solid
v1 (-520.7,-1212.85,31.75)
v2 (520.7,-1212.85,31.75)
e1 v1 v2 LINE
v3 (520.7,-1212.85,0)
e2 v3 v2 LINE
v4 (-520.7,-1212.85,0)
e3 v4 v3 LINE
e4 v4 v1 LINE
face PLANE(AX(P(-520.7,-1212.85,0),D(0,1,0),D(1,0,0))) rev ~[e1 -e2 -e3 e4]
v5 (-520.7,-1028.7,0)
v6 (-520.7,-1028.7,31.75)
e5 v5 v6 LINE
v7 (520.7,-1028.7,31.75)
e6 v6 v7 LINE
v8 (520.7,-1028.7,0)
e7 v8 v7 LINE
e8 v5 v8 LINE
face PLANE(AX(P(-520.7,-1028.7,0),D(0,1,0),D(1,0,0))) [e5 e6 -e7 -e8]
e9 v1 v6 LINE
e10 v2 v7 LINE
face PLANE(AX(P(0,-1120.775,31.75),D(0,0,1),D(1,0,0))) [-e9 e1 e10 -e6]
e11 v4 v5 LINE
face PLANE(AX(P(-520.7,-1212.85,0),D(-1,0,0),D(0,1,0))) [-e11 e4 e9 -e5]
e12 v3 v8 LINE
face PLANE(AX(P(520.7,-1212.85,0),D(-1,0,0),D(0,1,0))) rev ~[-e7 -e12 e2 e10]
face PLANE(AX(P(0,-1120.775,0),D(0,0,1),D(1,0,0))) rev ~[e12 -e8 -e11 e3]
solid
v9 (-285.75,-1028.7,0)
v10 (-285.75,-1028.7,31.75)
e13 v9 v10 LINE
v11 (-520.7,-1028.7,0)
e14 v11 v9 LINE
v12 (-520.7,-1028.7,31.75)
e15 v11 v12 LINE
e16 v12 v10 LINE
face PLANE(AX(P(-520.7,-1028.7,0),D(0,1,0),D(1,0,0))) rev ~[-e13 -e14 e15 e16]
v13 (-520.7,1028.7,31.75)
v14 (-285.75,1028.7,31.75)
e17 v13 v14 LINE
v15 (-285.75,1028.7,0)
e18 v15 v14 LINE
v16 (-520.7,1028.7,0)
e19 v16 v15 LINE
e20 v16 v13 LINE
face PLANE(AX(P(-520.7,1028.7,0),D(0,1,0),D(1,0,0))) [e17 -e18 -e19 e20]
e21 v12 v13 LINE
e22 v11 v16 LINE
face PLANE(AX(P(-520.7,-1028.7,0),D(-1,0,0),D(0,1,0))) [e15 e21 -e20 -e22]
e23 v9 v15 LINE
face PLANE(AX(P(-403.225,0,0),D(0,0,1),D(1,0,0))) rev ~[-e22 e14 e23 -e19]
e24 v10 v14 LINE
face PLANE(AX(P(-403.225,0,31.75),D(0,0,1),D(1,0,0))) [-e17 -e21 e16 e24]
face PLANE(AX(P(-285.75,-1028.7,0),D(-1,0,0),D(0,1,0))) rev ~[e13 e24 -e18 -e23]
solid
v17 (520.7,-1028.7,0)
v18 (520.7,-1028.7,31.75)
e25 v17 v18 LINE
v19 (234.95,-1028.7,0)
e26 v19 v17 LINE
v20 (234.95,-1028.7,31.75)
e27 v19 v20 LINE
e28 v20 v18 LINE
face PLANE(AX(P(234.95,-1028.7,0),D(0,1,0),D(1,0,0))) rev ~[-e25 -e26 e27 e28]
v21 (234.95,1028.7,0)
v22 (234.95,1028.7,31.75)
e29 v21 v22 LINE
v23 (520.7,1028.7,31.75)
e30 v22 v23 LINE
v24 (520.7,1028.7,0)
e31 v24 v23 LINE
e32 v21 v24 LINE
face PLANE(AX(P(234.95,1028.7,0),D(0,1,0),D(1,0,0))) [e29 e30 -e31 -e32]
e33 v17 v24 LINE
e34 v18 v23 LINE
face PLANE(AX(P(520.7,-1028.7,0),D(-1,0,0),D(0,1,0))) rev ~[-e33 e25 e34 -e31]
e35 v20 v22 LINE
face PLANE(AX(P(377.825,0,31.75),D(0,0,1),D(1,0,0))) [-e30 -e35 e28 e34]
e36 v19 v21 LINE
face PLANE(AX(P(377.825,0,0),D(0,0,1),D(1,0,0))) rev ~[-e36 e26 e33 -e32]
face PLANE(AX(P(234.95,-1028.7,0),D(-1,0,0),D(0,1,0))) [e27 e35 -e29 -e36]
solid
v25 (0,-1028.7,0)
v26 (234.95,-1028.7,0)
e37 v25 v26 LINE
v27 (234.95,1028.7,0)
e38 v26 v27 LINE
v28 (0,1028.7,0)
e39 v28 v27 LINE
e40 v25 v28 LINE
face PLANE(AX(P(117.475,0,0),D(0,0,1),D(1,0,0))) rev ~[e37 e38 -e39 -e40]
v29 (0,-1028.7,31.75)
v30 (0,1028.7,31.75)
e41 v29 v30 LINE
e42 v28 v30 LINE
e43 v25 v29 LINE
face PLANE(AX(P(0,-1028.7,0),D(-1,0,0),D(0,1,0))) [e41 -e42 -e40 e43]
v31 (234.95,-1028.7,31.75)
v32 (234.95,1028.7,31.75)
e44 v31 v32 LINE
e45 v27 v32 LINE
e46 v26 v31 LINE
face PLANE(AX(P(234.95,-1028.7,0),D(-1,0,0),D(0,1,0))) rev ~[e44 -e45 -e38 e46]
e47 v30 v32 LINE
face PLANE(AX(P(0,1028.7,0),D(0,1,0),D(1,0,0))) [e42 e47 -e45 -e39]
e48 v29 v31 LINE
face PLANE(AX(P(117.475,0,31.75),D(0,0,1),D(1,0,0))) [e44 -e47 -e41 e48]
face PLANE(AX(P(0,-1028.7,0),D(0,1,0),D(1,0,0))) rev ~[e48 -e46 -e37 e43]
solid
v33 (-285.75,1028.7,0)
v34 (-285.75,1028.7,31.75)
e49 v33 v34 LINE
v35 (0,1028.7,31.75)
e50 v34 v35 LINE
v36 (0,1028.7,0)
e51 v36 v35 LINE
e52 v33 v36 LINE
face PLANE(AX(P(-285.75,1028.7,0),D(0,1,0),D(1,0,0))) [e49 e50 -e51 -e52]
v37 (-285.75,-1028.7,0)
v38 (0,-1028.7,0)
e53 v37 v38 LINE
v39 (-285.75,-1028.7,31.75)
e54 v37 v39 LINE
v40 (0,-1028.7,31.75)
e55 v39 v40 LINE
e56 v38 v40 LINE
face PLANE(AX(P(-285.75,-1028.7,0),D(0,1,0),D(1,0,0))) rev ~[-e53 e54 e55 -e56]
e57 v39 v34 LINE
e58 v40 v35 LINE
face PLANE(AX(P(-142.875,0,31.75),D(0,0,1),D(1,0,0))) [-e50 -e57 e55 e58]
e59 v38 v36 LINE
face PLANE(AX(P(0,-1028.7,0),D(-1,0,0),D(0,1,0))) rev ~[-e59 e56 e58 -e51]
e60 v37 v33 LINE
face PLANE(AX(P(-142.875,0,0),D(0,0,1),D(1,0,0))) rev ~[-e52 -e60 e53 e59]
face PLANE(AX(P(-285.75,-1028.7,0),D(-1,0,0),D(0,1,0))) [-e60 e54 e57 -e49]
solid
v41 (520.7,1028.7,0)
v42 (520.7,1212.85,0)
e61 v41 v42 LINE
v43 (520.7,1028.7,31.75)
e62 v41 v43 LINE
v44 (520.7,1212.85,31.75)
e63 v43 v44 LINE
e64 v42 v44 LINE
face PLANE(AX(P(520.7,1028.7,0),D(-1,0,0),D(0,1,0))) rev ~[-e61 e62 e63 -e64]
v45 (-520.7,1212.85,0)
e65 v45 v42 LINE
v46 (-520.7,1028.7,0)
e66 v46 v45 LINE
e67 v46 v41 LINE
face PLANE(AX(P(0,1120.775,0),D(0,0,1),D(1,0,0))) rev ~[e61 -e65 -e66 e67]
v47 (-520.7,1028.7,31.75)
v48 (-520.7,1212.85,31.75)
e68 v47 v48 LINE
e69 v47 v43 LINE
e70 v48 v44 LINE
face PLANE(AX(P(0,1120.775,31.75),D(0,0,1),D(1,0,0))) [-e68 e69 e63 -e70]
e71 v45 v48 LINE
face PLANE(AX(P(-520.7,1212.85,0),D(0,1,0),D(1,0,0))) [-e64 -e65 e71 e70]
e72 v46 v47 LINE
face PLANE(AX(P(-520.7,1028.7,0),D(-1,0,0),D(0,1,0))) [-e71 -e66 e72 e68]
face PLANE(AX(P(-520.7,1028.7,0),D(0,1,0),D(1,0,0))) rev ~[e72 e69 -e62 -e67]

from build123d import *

# Parameters (mm, degrees)
F0_W     = 285.75
F0_H     = 2057.4
F5_DEPTH = 31.75
F1_W     = 234.95
F1_H     = 2057.4
F2_W     = 285.75
F2_H     = 2057.4
F3_W     = 234.95
F3_H     = 2057.4
F4_W     = 1041.4
F4_H     = 184.15


with BuildPart() as f5:
    # F0 (on Top) → F5 (new body)
    with BuildSketch(Plane.XY):
        with Locations((-142.875, 0)):
            Rectangle(F0_W, F0_H)
    extrude(amount=F5_DEPTH)


with BuildPart() as f5b:
    # F1 (on Top) → F5, piece 2 (new body)
    with BuildSketch(Plane.XY):
        with Locations((117.475, 0)):
            Rectangle(F1_W, F1_H)
    extrude(amount=F5_DEPTH)


with BuildPart() as f5c:
    # F2 (on Top) → F5, piece 3 (new body)
    with BuildSketch(Plane.XY):
        with Locations((377.825, 0)):
            Rectangle(F2_W, F2_H)
    extrude(amount=F5_DEPTH)


with BuildPart() as f5d:
    # F3 (on Top) → F5, piece 4 (new body)
    with BuildSketch(Plane.XY):
        with Locations((-403.225, 0)):
            Rectangle(F3_W, F3_H)
    extrude(amount=F5_DEPTH)


with BuildPart() as f5e:
    # F4 (on Top) → F5, piece 5 (new body)
    with BuildSketch(Plane.XY):
        with Locations((0, 1120.775)):
            Rectangle(F4_W, F4_H)
    extrude(amount=F5_DEPTH)


with BuildPart() as f5f:
    # F4 (on Top) → F5, piece 6 (new body)
    with BuildSketch(Plane.XY):
        with Locations((0, -1120.775)):
            Rectangle(F4_W, F4_H)
    extrude(amount=F5_DEPTH)


solid = Compound([f5.part, f5b.part, f5c.part, f5d.part, f5e.part, f5f.part])
